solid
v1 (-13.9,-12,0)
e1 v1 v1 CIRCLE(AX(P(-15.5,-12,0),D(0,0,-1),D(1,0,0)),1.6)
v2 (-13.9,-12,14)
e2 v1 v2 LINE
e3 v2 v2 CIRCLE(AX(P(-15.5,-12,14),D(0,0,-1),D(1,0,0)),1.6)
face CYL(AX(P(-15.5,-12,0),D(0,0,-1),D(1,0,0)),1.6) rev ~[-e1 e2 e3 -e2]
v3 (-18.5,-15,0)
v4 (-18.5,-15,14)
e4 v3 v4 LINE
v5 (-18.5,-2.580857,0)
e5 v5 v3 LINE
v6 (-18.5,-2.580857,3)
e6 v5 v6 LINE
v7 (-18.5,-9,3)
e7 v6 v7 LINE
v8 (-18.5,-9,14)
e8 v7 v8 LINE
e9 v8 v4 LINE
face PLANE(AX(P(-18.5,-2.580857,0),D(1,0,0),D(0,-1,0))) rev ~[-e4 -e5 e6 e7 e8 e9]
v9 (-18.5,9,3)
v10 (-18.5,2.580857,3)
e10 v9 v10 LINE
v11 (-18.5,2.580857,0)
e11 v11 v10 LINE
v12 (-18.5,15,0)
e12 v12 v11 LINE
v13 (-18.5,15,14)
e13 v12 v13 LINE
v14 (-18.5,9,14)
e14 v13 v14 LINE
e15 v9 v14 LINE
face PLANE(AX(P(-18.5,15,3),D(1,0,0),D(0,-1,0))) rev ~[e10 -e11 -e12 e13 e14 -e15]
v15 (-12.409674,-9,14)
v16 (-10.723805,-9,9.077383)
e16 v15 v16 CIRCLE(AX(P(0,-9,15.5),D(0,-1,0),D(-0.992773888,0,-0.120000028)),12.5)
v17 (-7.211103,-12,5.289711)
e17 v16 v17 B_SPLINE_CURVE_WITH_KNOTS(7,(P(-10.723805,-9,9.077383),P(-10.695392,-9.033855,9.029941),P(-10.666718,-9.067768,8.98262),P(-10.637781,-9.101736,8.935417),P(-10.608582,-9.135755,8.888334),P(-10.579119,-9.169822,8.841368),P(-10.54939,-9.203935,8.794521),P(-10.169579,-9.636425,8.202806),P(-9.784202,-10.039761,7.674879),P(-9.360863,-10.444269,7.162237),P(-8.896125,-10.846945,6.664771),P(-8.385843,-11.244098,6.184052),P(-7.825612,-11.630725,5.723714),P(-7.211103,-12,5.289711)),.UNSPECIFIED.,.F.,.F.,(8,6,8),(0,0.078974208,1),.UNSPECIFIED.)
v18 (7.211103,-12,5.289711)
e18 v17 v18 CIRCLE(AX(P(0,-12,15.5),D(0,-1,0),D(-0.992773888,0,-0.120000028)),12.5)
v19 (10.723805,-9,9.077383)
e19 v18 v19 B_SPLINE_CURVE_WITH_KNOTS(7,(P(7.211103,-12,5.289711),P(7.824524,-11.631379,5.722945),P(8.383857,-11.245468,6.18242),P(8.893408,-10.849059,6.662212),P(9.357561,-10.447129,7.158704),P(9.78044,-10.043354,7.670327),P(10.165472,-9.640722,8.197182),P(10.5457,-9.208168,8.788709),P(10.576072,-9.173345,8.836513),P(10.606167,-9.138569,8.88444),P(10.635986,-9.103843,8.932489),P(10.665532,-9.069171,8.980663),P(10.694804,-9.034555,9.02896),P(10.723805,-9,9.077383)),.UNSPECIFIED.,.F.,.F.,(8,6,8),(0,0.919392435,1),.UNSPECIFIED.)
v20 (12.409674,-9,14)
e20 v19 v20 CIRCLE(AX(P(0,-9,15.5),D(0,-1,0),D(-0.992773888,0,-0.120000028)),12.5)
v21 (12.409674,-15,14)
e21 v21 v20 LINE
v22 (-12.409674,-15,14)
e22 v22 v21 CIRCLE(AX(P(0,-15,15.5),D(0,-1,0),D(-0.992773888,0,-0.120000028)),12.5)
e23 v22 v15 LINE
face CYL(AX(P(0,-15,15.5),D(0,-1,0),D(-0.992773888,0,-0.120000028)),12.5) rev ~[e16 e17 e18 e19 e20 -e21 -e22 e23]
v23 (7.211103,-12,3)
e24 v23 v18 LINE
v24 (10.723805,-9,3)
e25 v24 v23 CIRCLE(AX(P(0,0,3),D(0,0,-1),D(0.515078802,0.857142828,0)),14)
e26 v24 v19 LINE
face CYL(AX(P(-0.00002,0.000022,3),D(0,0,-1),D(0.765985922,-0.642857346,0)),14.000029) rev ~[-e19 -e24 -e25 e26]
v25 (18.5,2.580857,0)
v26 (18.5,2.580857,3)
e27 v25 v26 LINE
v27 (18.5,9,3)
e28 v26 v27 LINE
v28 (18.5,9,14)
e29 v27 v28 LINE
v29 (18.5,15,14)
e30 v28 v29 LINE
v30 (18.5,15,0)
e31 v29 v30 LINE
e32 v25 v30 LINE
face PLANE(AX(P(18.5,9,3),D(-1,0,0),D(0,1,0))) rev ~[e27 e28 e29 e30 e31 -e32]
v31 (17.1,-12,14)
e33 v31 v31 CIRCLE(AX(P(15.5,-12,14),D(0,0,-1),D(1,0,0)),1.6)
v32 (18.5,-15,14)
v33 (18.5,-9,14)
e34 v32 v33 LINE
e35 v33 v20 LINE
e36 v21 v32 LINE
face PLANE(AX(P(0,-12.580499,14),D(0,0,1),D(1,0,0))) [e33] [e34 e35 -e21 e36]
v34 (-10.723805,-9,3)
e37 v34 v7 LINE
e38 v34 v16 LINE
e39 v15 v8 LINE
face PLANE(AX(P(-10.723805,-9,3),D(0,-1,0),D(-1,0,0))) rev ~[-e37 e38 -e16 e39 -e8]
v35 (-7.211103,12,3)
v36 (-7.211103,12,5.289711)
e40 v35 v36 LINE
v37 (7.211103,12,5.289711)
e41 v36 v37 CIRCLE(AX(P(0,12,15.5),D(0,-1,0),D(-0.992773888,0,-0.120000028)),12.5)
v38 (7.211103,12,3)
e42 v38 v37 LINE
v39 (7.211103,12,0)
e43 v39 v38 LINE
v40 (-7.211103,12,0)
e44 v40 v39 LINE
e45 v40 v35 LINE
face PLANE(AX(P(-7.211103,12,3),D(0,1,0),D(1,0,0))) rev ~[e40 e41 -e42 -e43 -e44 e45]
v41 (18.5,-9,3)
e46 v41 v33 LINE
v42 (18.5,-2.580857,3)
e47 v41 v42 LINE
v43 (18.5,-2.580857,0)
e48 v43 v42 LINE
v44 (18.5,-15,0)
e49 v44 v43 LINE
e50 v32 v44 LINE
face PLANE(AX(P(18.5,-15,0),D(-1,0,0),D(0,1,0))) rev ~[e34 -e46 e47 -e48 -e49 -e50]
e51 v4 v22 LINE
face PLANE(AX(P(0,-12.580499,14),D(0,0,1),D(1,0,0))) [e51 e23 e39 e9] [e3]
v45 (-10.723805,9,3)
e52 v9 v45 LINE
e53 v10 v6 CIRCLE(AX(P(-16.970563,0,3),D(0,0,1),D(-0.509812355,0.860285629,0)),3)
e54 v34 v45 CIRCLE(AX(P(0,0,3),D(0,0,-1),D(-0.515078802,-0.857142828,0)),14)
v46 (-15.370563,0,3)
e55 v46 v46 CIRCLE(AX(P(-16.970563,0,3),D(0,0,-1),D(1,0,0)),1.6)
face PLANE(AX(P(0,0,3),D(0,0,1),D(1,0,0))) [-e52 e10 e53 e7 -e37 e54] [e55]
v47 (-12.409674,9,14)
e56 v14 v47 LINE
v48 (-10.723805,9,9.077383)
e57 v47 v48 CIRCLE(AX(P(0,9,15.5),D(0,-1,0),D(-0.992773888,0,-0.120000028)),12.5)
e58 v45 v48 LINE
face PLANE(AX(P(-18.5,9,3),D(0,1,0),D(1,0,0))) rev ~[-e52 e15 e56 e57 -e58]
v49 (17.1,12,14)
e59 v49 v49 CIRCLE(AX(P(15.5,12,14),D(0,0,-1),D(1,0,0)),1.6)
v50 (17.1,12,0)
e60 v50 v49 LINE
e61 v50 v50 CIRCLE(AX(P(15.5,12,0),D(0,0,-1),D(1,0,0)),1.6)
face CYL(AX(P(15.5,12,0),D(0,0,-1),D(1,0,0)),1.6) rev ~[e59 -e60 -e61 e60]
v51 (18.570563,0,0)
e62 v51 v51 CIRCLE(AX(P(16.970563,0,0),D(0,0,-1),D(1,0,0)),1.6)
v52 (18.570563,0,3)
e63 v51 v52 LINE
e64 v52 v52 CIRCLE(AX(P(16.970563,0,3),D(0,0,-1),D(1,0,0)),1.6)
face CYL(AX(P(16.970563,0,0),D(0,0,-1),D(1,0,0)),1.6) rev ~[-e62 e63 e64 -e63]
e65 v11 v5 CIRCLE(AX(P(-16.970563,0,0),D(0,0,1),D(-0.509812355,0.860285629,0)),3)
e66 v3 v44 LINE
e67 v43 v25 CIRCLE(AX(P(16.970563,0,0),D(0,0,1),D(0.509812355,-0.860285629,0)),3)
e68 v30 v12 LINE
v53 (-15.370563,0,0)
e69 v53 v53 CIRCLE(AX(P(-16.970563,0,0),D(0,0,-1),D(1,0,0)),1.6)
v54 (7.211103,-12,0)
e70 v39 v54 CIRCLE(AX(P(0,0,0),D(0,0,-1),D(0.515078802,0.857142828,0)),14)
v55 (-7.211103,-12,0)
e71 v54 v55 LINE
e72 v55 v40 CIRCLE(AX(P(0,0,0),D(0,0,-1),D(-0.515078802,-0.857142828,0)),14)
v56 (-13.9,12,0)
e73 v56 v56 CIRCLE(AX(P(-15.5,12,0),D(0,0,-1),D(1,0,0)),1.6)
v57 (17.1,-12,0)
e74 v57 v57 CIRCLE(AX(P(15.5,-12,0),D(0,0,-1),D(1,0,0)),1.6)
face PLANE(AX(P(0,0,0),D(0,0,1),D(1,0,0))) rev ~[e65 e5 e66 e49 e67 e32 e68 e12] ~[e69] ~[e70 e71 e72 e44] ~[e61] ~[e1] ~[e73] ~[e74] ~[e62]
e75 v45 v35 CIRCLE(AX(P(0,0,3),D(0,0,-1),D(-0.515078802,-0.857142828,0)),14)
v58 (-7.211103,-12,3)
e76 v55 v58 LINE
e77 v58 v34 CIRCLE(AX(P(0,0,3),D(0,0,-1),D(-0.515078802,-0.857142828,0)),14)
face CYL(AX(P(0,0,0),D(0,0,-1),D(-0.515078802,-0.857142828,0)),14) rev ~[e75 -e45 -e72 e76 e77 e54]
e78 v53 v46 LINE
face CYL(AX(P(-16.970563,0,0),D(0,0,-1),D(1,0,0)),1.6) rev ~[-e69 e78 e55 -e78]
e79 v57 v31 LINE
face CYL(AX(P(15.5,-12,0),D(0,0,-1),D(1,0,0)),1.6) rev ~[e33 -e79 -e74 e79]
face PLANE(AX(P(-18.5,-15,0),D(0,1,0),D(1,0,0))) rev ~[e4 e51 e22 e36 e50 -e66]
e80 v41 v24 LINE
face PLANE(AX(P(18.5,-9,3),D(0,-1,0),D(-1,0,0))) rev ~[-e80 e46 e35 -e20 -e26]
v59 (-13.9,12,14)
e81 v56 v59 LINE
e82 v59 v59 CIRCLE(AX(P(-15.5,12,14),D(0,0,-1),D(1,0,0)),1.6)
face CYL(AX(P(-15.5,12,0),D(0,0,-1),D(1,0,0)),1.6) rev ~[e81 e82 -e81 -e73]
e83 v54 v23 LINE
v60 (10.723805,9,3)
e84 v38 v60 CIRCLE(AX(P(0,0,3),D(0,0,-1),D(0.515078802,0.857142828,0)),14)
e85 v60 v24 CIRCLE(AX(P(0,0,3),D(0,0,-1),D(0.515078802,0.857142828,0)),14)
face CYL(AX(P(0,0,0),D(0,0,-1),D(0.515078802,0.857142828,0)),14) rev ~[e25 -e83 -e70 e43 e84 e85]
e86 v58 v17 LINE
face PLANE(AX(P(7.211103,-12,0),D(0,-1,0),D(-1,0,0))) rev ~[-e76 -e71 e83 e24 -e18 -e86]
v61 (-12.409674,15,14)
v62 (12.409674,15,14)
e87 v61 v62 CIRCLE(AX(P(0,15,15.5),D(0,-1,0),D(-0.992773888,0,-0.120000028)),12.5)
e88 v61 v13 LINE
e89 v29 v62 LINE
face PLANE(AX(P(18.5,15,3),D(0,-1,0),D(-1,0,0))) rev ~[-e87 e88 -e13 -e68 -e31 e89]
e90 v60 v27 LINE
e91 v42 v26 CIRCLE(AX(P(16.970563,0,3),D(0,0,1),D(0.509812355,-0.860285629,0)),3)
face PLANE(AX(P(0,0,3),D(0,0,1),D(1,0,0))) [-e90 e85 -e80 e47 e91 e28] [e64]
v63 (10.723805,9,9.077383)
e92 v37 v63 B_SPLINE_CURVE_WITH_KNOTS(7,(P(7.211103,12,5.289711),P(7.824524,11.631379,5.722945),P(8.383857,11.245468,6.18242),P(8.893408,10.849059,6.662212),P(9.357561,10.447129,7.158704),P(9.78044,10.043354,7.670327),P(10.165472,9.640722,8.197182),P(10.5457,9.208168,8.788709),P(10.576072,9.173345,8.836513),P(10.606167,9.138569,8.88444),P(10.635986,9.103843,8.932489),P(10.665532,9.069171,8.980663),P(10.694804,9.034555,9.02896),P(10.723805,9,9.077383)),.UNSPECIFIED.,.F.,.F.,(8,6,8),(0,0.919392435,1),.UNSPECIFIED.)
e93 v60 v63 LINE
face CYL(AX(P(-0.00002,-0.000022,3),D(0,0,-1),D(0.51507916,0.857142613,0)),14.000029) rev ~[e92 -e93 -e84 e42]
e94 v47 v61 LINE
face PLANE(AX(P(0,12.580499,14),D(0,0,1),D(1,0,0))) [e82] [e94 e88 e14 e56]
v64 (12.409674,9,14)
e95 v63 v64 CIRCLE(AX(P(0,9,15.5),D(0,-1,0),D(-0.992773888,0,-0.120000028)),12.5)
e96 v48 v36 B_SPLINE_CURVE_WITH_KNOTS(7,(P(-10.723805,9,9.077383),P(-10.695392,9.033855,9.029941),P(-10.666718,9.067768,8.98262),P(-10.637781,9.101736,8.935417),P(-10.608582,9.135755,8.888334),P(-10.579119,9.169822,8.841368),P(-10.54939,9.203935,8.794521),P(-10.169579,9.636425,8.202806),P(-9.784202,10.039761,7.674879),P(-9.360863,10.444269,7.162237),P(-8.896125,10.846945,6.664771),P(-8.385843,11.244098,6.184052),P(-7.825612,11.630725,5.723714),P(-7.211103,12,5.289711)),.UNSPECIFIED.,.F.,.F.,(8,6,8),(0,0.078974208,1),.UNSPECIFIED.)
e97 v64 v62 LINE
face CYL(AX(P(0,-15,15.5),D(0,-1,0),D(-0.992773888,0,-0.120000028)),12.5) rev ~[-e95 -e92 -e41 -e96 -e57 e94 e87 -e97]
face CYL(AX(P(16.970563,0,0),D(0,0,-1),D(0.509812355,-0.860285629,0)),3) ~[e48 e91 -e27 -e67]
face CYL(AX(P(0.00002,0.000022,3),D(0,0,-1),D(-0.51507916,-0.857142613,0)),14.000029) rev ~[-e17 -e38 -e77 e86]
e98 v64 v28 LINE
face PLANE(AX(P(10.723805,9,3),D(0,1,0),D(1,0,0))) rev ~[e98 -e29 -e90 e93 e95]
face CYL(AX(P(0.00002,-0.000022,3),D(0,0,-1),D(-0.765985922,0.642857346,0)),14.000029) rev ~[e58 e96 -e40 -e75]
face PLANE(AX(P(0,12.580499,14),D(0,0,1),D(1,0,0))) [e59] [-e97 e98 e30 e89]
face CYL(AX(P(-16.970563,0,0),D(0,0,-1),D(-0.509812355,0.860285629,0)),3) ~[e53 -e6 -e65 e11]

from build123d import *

# Parameters (mm, degrees)
F1_DEPTH = 3
F3_DEPTH = 11
F5_DEPTH = 30.001
F6_R     = 1.6
F7_DEPTH = 14.001


with BuildPart() as f1:
    # F0 (on Top) → F1 (new body)
    with BuildSketch(Plane.XY):
        with BuildLine():
            Line((18.5, 15), (-18.5, 15))
            Line((-18.5, 15), (-18.5, 2.580857))
            ThreePointArc((-18.5, 2.580857), (-19.970563, 0), (-18.5, -2.580857))
            Line((-18.5, -2.580857), (-18.5, -15))
            Line((-18.5, -15), (18.5, -15))
            Line((18.5, -15), (18.5, -2.580857))
            ThreePointArc((18.5, -2.580857), (19.970563, 0), (18.5, 2.580857))
            Line((18.5, 2.580857), (18.5, 15))
        make_face()
        with BuildLine():
            Line((-7.211103, 12), (7.211103, 12))
            ThreePointArc((7.211103, 12), (14, 0), (7.211103, -12))
            Line((7.211103, -12), (-7.211103, -12))
            ThreePointArc((-7.211103, -12), (-14, 0), (-7.211103, 12))
        make_face(mode=Mode.SUBTRACT)
    extrude(amount=F1_DEPTH)

    # F2 (on face) → F3 (join)
    with BuildSketch(Plane.XY.offset(3)):
        with BuildLine():
            Line((18.5, 15), (-18.5, 15))
            Line((-18.5, 15), (-18.5, 9))
            Line((-18.5, 9), (-10.723805, 9))
            ThreePointArc((-10.723805, 9), (-9.092042, 10.64588), (-7.211103, 12))
            Line((-7.211103, 12), (7.211103, 12))
            ThreePointArc((7.211103, 12), (9.092042, 10.64588), (10.723805, 9))
            Line((10.723805, 9), (18.5, 9))
            Line((18.5, 9), (18.5, 15))
        make_face()
        with BuildLine():
            ThreePointArc((10.723805, -9), (9.092042, -10.64588), (7.211103, -12))
            Line((7.211103, -12), (-7.211103, -12))
            ThreePointArc((-7.211103, -12), (-9.092042, -10.64588), (-10.723805, -9))
            Line((-10.723805, -9), (-18.5, -9))
            Line((-18.5, -9), (-18.5, -15))
            Line((-18.5, -15), (18.5, -15))
            Line((18.5, -15), (18.5, -9))
            Line((18.5, -9), (10.723805, -9))
        make_face()
    extrude(amount=F3_DEPTH)

    # F4 (on face) → F5 (cut, through all)
    with BuildSketch(Plane.XZ.offset(15)):
        with BuildLine():
            Line((12.409674, 14), (-12.409674, 14))
            ThreePointArc((-12.409674, 14), (0, 3), (12.409674, 14))
        make_face()
    extrude(amount=-F5_DEPTH, mode=Mode.SUBTRACT)

    # F6 (on face) → F7 (cut, through all)
    with BuildSketch(Plane(origin=(0, 0, 0), x_dir=(1, 0, 0), z_dir=(0, 0, -1))):
        with Locations((-15.5, 12)):
            Circle(F6_R)
        with Locations((15.5, 12)):
            Circle(F6_R)
        with Locations((15.5, -12)):
            Circle(F6_R)
        with Locations((-15.5, -12)):
            Circle(F6_R)
        with Locations((-16.970563, 0)):
            Circle(F6_R)
        with Locations((16.970563, 0)):
            Circle(F6_R)
    extrude(amount=-F7_DEPTH, mode=Mode.SUBTRACT)


solid = f1.part
